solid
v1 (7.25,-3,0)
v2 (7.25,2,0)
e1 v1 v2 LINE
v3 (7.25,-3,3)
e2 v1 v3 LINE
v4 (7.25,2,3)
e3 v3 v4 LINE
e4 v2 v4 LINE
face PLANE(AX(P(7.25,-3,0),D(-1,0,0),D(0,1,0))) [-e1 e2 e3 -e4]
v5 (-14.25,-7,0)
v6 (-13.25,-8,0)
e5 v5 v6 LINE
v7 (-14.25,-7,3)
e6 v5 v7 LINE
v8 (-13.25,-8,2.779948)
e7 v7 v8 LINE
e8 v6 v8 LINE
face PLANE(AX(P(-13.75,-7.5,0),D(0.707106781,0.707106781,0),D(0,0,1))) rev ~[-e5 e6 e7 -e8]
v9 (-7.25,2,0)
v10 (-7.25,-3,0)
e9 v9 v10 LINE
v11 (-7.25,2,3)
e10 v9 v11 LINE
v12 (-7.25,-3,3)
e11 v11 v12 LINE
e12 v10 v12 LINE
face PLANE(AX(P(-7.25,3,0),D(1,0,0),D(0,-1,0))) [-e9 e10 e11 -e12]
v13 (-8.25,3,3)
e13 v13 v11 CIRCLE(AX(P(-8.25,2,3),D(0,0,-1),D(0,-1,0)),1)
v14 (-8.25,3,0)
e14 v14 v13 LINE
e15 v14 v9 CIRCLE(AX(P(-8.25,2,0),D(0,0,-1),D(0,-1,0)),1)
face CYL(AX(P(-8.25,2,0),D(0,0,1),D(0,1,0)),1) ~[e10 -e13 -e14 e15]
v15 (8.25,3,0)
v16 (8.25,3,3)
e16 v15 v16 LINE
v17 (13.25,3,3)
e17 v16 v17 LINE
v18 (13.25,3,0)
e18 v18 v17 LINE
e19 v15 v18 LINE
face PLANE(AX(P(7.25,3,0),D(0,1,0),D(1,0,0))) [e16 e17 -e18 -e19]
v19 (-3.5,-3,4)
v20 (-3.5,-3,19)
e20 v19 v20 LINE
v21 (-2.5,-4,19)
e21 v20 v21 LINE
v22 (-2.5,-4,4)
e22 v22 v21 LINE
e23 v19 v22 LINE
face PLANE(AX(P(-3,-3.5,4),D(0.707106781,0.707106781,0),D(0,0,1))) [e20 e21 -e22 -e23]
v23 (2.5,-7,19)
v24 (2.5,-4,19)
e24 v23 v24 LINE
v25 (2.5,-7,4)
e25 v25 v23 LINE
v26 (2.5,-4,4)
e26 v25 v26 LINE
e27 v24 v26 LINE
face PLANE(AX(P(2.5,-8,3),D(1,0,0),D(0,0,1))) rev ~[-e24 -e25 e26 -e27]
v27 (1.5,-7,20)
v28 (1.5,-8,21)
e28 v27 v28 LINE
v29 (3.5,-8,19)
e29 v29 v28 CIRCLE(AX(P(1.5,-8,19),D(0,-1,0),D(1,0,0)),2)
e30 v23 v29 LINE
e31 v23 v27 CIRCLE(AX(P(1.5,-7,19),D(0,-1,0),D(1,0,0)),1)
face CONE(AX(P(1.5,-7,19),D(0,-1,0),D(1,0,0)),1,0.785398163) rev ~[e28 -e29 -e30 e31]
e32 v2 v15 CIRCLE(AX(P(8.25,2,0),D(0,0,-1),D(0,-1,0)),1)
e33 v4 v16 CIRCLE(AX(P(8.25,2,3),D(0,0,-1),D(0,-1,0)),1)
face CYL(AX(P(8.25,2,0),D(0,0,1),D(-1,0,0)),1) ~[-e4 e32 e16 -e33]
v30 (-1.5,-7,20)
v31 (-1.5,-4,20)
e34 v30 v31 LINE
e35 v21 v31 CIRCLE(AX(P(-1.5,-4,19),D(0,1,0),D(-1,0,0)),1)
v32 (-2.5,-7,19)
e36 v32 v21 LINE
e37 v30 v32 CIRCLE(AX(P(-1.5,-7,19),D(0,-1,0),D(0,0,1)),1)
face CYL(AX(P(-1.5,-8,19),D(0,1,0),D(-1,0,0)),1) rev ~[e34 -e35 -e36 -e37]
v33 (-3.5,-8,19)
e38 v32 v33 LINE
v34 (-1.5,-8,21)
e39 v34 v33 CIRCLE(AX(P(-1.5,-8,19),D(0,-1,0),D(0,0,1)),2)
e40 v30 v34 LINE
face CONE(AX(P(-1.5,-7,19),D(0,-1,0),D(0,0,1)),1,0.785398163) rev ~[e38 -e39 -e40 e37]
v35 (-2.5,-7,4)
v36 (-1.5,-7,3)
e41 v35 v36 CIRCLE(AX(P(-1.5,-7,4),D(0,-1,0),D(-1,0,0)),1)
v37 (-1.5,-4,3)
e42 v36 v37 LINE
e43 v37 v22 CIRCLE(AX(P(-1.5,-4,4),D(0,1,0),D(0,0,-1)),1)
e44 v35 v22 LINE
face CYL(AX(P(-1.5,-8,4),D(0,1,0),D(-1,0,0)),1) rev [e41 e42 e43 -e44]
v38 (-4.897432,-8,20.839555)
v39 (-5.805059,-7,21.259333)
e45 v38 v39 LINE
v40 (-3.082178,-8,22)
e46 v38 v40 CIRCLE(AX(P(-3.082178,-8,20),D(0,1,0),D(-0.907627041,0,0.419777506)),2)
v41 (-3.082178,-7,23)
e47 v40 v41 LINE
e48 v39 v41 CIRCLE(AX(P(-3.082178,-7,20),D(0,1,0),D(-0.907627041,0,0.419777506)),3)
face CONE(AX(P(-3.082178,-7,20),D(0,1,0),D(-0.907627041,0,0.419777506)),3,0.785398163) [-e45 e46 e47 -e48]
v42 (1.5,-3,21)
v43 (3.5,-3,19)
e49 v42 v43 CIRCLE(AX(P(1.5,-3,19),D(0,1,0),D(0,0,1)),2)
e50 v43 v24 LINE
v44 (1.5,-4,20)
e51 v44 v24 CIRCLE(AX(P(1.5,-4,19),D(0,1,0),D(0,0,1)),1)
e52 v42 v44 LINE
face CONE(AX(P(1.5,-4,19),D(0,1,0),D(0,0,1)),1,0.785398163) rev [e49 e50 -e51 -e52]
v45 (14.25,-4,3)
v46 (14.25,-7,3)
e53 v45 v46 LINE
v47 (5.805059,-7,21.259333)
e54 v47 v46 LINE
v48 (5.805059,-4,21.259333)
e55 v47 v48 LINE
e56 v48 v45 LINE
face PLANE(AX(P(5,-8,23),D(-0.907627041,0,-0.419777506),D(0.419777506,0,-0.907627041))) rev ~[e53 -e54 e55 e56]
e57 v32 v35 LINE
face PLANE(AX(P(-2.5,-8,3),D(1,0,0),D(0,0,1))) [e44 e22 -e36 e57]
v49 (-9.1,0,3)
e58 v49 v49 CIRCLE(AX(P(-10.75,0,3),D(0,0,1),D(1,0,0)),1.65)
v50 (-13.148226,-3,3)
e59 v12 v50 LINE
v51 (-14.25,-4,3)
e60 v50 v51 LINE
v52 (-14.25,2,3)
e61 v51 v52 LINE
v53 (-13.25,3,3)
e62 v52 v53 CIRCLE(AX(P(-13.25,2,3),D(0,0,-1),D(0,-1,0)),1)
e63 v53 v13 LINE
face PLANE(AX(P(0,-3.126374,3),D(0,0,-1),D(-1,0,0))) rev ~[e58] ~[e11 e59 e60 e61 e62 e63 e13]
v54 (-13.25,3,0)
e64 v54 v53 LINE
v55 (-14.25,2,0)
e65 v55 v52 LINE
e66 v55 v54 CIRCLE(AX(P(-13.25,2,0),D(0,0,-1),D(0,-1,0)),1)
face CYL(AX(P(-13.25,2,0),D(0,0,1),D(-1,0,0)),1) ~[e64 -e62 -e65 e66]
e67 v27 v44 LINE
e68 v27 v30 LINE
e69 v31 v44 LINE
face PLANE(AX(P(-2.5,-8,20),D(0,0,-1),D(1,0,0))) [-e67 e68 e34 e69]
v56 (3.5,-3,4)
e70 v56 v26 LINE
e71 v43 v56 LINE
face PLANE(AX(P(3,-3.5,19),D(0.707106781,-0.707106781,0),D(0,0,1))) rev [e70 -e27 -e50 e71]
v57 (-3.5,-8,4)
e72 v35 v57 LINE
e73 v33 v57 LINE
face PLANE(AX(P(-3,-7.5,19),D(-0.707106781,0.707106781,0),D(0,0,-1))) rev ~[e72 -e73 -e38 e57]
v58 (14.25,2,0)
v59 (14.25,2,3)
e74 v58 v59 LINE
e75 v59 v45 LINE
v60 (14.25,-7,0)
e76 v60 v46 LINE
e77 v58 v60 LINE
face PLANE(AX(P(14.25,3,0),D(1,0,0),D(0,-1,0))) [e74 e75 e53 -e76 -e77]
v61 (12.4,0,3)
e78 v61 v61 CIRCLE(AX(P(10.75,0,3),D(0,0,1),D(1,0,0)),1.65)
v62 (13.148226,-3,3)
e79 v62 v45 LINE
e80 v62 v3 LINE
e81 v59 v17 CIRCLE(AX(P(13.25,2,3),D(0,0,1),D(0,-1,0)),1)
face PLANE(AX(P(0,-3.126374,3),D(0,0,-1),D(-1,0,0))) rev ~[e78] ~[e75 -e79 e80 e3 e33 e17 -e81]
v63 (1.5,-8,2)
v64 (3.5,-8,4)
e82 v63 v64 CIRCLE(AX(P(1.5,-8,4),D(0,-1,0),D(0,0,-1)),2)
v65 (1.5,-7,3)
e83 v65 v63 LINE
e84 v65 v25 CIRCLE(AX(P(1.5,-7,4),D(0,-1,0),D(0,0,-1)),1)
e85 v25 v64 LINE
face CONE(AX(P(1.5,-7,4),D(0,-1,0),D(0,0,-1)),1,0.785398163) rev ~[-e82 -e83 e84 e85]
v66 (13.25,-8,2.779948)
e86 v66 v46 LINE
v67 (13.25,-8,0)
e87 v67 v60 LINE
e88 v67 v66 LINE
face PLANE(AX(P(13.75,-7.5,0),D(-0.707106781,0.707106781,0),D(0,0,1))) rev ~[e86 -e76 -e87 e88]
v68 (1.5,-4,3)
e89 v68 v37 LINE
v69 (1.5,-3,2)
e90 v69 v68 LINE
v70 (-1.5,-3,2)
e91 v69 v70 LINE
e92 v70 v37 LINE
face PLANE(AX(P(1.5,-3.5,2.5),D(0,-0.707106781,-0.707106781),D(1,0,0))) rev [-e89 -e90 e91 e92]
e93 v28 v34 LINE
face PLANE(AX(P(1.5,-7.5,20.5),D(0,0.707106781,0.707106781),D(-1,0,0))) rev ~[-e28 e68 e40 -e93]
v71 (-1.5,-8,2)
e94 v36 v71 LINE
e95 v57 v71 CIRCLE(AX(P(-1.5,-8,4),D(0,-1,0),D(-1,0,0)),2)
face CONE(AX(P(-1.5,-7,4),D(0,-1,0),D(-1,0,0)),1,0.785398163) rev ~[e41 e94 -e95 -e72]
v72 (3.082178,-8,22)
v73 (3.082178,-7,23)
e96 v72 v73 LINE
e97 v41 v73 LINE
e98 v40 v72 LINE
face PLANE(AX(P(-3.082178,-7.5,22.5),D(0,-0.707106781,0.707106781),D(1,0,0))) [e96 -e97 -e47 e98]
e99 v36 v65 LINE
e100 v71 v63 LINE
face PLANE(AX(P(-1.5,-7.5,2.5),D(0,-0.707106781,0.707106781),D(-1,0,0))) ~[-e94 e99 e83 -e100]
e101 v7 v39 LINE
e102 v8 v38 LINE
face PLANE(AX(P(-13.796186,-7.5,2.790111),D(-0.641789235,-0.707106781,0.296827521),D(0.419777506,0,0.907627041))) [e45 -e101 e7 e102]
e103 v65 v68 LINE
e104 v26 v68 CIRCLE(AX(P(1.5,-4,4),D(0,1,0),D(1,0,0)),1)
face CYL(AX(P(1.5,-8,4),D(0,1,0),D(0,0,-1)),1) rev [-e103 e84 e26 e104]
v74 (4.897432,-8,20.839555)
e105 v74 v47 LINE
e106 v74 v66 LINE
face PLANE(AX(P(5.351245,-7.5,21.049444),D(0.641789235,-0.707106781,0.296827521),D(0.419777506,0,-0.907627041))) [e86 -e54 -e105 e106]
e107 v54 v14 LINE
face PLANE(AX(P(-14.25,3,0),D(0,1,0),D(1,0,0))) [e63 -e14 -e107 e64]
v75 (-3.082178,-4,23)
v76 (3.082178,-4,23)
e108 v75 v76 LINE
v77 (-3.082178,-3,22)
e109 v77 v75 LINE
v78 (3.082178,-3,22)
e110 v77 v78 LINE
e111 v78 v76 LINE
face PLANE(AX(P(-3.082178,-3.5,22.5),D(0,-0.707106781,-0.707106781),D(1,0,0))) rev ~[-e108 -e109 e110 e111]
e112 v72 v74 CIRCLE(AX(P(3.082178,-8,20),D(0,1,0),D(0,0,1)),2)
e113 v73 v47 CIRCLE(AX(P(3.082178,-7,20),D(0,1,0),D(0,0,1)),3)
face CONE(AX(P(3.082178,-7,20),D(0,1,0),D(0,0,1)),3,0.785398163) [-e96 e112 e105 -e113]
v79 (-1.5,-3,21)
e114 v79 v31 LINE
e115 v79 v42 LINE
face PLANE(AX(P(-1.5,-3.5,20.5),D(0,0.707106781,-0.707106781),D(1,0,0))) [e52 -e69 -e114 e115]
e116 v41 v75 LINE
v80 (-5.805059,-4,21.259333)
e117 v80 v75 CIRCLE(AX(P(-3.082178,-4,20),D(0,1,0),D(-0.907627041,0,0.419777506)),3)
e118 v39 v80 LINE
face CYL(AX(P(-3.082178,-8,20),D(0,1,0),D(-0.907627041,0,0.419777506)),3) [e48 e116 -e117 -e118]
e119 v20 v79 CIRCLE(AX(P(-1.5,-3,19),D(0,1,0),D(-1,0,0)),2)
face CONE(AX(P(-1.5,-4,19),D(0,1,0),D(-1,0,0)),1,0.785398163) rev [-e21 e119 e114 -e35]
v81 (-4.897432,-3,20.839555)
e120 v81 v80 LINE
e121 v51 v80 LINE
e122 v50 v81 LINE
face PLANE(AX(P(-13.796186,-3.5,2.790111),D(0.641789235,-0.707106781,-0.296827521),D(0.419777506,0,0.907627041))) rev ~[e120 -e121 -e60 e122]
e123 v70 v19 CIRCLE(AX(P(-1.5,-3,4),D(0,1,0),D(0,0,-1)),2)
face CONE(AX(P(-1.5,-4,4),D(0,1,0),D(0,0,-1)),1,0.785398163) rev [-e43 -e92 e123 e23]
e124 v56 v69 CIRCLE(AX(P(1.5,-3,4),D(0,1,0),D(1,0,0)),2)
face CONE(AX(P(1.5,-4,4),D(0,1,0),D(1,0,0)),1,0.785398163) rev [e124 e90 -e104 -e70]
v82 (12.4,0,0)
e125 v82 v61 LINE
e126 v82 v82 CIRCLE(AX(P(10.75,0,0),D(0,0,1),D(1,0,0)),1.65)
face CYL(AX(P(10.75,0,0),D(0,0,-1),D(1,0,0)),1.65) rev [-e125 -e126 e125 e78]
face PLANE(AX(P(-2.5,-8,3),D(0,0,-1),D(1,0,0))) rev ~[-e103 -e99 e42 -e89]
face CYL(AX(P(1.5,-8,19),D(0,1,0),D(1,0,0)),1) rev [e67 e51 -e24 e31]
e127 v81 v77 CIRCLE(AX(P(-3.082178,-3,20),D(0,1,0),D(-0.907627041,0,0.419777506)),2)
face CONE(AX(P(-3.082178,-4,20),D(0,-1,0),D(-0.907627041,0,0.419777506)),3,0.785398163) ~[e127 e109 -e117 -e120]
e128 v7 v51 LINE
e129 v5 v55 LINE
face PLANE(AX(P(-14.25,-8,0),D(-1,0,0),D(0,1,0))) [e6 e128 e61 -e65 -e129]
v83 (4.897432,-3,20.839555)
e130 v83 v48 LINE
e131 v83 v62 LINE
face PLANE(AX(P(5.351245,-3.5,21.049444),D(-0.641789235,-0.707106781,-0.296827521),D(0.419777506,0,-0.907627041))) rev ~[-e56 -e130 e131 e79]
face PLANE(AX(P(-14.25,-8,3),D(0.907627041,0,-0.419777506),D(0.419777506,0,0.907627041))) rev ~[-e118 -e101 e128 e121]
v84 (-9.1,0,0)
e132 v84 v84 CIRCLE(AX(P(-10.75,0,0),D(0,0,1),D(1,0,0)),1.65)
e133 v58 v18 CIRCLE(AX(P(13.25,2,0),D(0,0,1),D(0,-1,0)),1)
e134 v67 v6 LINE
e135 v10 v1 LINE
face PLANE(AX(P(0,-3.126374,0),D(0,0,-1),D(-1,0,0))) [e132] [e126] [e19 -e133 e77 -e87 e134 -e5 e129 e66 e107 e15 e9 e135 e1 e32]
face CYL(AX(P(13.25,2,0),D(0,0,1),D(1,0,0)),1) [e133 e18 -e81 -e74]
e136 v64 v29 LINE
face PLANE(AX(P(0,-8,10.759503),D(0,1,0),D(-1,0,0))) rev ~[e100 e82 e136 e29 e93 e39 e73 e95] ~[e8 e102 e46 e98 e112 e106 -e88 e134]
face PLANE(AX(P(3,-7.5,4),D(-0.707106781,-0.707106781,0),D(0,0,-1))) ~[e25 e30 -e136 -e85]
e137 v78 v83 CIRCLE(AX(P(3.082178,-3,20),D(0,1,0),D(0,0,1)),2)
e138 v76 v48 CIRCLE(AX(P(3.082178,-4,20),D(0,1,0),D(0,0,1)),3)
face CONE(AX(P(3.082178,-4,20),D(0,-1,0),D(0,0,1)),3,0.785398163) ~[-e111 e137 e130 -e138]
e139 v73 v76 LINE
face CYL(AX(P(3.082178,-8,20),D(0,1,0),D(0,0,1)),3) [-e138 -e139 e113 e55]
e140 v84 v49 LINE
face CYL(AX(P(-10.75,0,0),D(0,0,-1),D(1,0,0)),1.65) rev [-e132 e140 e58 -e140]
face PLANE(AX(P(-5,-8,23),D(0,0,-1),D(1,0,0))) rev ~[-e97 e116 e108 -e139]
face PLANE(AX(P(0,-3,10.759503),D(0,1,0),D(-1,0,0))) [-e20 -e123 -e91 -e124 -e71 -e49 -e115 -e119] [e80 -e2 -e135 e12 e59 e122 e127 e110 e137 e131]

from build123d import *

# Parameters (mm, degrees)
SKETCH_1_R          = 1.65
EXTRUDE_1_DEPTH     = 3
EXTRUDE_2_DEPTH     = 5
SKETCH_3_W          = 5
SKETCH_3_H          = 17
CUT_EXTRUDE_1_DEPTH = 12
FILLET_1_R          = 3
FILLET_2_R          = 1
CHAMFER_1_SIZE      = 1
FILLET_3_R          = 1
CHAMFER_2_SIZE      = 1


with BuildPart() as part:
    # ｽｹｯﾁ1 → ﾎﾞｽ - 押し出し1 (new body)
    with BuildSketch(Plane.XY):
        Polygon((-7.25, -3), (7.25, -3), (7.25, 3), (14.25, 3), (14.25, -8), (-14.25, -8), (-14.25, 3), (-7.25, 3), align=None)
        with Locations((10.75, 0)):
            Circle(SKETCH_1_R, mode=Mode.SUBTRACT)
        with Locations((-10.75, 0)):
            Circle(SKETCH_1_R, mode=Mode.SUBTRACT)
    extrude(amount=EXTRUDE_1_DEPTH)

    # ｽｹｯﾁ2 → ﾎﾞｽ - 押し出し2 (add)
    with BuildSketch(Plane.XZ.offset(8)):
        Polygon((-14.25, 3), (-5, 23), (5, 23), (14.25, 3), align=None)
    extrude(amount=-EXTRUDE_2_DEPTH)

    # ｽｹｯﾁ3 → ｶｯﾄ - 押し出し1 (cut, through all)
    with BuildSketch(Plane.XZ.offset(8)):
        with Locations((0, 11.5)):
            Rectangle(SKETCH_3_W, SKETCH_3_H)
    extrude(amount=-CUT_EXTRUDE_1_DEPTH, mode=Mode.SUBTRACT)

    # ﾌｨﾚｯﾄ1
    fillet_1_edges = [part.edges().sort_by_distance(p)[0] for p in [
        (-5, -5.5, 23),
        (5, -5.5, 23),
    ]]
    fillet(fillet_1_edges, radius=FILLET_1_R)

    # ﾌｨﾚｯﾄ2
    fillet_2_edges = [part.edges().sort_by_distance(p)[0] for p in [
        (7.25, 3, 1.5),
        (14.25, 3, 1.5),
        (-14.25, 3, 1.5),
        (-7.25, 3, 1.5),
    ]]
    fillet(fillet_2_edges, radius=FILLET_2_R)

    # 面取り1
    chamfer_1_edges = [part.edges().sort_by_distance(p)[0] for p in [
        (14.25, -8, 1.5),
        (-14.25, -8, 1.5),
        (10.027529355, -3, 12.12966626),
        (10.027529355, -8, 12.12966626),
        (0, -8, 23),
        (0, -3, 23),
        (-10.027529355, -8, 12.12966626),
        (4.69803687, -8, 22.527646886),
        (-4.69803687, -8, 22.527646886),
        (-10.027529355, -3, 12.12966626),
        (4.69803687, -3, 22.527646886),
        (-4.69803687, -3, 22.527646886),
    ]]
    chamfer(chamfer_1_edges, length=CHAMFER_1_SIZE)

    # ﾌｨﾚｯﾄ3
    fillet_3_edges = [part.edges().sort_by_distance(p)[0] for p in [
        (2.5, -5.5, 20),
        (2.5, -5.5, 3),
        (-2.5, -5.5, 3),
        (-2.5, -5.5, 20),
    ]]
    fillet(fillet_3_edges, radius=FILLET_3_R)

    # 面取り2
    chamfer_2_edges = [part.edges().sort_by_distance(p)[0] for p in [
        (2.5, -8, 11.5),
        (2.5, -3, 11.5),
        (0, -8, 3),
        (0, -3, 3),
        (-2.5, -8, 11.5),
        (-2.5, -3, 11.5),
        (0, -8, 20),
        (0, -3, 20),
        (2.207106781, -8, 3.292893219),
        (2.207106781, -3, 3.292893219),
        (-2.207106781, -8, 3.292893219),
        (-2.207106781, -3, 3.292893219),
        (2.207106781, -8, 19.707106781),
        (2.207106781, -3, 19.707106781),
        (-2.207106781, -8, 19.707106781),
        (-2.207106781, -3, 19.707106781),
    ]]
    chamfer(chamfer_2_edges, length=CHAMFER_2_SIZE)


solid = part.part
